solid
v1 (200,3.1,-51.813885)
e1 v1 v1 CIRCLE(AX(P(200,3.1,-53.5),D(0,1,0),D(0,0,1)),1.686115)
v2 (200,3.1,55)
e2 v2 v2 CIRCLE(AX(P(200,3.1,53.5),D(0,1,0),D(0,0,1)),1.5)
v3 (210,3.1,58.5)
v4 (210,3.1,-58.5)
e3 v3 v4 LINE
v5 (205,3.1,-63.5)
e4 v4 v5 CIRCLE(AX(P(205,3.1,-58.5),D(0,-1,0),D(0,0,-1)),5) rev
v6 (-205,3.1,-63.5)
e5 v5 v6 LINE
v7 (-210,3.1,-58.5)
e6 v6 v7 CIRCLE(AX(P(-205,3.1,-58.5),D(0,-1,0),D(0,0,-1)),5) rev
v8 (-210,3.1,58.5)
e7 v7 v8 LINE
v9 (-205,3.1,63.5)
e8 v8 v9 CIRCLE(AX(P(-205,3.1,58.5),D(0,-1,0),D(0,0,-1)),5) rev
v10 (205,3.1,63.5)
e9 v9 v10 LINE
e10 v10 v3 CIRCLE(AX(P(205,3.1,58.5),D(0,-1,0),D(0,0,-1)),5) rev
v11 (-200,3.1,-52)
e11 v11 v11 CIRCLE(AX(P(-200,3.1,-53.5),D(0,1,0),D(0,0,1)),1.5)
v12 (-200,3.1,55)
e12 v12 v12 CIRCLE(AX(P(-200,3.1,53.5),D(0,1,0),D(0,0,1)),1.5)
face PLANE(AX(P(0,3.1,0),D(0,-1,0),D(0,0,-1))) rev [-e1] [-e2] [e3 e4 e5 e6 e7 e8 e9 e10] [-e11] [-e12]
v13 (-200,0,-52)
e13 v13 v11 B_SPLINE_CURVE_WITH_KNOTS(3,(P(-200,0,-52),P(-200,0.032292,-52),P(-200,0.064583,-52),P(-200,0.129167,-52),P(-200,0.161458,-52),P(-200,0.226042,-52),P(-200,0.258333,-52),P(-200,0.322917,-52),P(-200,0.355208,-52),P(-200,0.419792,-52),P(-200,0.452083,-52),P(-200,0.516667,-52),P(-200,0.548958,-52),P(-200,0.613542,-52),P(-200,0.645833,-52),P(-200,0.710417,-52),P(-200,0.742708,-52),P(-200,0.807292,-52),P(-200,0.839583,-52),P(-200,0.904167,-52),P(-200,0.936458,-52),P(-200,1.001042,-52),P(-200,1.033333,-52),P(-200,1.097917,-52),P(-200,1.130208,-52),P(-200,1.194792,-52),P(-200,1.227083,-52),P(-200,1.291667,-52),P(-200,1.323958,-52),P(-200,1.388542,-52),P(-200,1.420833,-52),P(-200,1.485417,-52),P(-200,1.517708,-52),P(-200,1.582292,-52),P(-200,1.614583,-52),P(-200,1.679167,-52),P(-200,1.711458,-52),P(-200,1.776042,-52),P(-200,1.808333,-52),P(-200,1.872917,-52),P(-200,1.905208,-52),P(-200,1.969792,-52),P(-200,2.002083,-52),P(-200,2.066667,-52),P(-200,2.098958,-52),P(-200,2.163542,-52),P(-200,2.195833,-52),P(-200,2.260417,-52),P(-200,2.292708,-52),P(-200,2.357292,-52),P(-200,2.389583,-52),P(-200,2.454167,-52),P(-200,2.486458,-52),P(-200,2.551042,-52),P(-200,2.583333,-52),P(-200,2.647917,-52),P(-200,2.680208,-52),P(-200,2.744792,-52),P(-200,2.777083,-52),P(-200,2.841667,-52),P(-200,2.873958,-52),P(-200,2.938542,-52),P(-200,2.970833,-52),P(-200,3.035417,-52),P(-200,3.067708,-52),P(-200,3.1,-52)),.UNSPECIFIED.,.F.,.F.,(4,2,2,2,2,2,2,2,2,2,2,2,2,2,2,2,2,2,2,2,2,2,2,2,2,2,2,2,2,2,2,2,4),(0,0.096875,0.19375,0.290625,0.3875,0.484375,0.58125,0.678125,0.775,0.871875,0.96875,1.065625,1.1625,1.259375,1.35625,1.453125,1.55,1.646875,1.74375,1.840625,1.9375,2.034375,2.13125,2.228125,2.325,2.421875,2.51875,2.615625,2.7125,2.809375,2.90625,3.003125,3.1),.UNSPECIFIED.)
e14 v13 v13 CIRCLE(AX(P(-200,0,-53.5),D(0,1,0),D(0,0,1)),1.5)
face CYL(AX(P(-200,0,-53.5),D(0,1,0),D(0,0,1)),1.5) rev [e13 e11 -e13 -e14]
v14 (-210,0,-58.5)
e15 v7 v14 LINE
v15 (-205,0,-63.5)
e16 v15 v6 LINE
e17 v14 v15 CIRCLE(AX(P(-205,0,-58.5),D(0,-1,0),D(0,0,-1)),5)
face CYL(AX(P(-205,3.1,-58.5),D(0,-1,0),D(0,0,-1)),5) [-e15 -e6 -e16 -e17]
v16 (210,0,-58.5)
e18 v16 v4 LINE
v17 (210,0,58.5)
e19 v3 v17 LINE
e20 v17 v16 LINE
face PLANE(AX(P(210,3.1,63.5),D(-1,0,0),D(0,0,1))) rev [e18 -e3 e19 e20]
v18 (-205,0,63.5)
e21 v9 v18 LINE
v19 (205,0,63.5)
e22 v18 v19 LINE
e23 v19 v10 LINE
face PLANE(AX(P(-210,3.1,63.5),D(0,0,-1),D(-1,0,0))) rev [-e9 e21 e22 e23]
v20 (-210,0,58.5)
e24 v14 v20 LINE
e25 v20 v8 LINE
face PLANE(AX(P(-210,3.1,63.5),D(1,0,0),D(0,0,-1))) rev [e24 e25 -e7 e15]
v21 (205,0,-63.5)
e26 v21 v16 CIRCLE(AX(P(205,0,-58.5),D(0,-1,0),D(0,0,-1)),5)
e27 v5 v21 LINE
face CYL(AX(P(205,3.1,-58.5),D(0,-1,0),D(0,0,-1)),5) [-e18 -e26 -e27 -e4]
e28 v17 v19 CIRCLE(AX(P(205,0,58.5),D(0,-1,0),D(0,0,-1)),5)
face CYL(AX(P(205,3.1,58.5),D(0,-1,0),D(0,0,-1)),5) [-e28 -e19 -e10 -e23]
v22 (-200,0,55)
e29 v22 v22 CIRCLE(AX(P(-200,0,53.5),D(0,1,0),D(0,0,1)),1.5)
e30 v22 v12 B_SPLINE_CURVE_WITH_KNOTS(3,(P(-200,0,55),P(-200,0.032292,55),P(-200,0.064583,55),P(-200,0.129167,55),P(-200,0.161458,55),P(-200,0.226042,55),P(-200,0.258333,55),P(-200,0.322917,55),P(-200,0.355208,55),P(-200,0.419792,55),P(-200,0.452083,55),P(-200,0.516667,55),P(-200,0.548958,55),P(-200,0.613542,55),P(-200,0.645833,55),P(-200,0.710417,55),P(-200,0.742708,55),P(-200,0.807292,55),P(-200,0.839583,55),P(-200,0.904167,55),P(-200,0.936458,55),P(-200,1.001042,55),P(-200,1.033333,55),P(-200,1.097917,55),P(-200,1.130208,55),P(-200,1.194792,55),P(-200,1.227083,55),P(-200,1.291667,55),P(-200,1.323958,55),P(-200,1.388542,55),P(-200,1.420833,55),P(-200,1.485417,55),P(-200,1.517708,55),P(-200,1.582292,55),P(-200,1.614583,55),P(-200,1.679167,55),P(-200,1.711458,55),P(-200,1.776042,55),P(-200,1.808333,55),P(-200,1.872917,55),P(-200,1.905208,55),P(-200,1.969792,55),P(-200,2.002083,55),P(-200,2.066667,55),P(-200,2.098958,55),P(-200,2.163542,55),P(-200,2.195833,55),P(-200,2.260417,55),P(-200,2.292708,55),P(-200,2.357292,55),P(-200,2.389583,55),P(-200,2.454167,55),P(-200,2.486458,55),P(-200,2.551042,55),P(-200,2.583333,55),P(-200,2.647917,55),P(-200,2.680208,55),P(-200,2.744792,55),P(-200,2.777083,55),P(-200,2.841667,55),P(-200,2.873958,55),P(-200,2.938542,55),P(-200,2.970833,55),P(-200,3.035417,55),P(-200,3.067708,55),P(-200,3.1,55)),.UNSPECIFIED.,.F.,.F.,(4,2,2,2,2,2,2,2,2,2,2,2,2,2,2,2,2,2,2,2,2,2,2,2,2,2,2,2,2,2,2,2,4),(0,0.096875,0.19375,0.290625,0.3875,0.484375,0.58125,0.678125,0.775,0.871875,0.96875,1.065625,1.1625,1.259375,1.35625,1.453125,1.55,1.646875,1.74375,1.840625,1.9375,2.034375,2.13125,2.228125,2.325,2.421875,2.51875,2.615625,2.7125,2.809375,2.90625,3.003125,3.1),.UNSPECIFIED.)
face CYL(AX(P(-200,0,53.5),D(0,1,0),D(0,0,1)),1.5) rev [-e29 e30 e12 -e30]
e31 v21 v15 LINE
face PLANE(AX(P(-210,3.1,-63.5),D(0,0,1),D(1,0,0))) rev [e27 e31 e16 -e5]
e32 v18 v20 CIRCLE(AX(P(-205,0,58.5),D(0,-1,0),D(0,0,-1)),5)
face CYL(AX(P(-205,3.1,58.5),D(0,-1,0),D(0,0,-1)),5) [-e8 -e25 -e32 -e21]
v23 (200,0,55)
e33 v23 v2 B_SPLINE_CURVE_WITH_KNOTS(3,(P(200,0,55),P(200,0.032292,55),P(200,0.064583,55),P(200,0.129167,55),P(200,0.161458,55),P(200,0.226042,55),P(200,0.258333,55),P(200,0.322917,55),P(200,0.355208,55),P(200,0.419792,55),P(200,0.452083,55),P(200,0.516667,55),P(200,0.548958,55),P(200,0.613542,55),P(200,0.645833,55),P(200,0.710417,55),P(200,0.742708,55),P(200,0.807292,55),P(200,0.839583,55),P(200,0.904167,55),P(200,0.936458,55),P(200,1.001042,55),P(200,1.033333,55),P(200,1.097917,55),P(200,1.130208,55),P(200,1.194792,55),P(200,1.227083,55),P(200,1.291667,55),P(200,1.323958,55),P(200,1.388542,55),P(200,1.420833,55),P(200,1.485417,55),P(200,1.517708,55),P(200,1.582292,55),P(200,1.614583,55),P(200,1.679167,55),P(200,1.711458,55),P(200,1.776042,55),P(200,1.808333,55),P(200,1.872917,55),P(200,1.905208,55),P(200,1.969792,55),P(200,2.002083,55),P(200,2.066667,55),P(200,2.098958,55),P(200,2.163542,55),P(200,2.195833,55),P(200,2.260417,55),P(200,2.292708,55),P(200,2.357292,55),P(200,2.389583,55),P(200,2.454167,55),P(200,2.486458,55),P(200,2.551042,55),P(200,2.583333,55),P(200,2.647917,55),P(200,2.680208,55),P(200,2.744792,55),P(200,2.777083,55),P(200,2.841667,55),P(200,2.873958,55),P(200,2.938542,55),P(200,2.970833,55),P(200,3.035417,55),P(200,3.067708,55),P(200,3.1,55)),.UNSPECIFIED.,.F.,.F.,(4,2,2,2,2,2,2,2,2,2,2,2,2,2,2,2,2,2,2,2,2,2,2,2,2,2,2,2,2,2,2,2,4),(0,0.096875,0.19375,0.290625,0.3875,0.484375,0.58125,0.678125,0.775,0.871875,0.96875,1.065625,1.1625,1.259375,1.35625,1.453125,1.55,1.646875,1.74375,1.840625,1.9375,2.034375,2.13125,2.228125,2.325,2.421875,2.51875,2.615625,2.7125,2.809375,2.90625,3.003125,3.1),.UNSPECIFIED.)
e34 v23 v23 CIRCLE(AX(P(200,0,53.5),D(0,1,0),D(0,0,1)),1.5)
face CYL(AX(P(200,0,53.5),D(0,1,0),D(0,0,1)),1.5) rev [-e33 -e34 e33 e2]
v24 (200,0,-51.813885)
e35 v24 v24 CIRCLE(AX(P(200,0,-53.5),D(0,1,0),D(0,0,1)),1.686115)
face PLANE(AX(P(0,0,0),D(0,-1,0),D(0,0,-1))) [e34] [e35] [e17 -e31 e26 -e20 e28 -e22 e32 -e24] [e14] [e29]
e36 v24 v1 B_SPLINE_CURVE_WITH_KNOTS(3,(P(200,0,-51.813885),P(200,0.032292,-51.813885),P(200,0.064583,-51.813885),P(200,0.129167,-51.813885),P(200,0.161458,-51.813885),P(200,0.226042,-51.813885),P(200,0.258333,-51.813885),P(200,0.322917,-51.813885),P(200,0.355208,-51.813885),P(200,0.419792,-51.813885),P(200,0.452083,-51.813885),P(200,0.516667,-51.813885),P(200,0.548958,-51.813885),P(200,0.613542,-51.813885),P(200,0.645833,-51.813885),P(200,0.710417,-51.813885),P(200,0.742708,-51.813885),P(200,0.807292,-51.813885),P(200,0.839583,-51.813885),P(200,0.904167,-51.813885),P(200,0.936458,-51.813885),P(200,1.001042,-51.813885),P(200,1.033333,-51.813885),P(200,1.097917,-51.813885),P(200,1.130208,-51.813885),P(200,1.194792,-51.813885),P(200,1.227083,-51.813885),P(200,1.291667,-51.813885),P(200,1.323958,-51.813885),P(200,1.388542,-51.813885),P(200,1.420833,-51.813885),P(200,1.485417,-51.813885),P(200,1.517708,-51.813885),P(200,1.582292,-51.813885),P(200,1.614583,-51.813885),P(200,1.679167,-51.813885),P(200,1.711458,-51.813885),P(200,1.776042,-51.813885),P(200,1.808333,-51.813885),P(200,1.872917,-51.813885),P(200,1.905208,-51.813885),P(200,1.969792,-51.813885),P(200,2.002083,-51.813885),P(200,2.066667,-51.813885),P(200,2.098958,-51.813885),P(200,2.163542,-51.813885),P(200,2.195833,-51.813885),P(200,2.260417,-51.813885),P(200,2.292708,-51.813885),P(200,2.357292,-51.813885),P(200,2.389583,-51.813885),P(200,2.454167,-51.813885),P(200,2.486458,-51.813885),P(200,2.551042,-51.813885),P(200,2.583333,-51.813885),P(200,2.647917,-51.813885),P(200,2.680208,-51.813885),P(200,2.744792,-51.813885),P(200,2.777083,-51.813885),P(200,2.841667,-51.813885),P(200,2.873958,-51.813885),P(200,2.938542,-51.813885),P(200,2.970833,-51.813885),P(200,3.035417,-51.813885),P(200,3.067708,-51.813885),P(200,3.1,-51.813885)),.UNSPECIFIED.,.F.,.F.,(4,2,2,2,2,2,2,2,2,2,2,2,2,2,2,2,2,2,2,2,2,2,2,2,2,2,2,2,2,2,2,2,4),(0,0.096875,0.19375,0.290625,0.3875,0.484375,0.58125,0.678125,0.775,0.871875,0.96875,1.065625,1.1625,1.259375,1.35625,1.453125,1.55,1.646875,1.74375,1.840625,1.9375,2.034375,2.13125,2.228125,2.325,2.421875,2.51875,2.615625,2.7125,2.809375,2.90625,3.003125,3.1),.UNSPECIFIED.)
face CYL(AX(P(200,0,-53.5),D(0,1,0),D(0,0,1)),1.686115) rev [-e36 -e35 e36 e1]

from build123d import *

# Parameters (mm, degrees)
SKETCH1_W           = 420
SKETCH1_H           = 127
BOSS_EXTRUDE1_DEPTH = 3.1
FILLET1_R           = 5
SKETCH3_R           = 1.5
SKETCH3_R_2         = 1.68611488
CUT_EXTRUDE1_DEPTH  = 3.1


with BuildPart() as part:
    # Sketch1 → Boss-Extrude1 (new body)
    with BuildSketch(Plane(origin=(0, 0, 0), x_dir=(1, 0, 0), z_dir=(0, 1, 0))):
        Rectangle(SKETCH1_W, SKETCH1_H)
    extrude(amount=BOSS_EXTRUDE1_DEPTH)

    # Fillet1
    fillet1_edges = [part.edges().sort_by_distance(p)[0] for p in [
        (210, 1.55, 63.5),
        (-210, 1.55, 63.5),
        (-210, 1.55, -63.5),
        (210, 1.55, -63.5),
    ]]
    fillet(fillet1_edges, radius=FILLET1_R)

    # Sketch3 → Cut-Extrude1 (cut)
    with BuildSketch(Plane(origin=(0, 3.1, 0), x_dir=(1, 0, 0), z_dir=(0, 1, 0))):
        with Locations(Location((-200, 53.5, 0), (0, 0, 270))):
            Circle(SKETCH3_R)
        with Locations(Location((-200, -53.5, 0), (0, 0, 270))):
            Circle(SKETCH3_R)
        with Locations(Location((200, 53.5, 0), (0, 0, 270))):
            Circle(SKETCH3_R_2)
        with Locations(Location((200, -53.5, 0), (0, 0, 270))):
            Circle(SKETCH3_R)
    extrude(amount=-CUT_EXTRUDE1_DEPTH, mode=Mode.SUBTRACT)


solid = part.part
